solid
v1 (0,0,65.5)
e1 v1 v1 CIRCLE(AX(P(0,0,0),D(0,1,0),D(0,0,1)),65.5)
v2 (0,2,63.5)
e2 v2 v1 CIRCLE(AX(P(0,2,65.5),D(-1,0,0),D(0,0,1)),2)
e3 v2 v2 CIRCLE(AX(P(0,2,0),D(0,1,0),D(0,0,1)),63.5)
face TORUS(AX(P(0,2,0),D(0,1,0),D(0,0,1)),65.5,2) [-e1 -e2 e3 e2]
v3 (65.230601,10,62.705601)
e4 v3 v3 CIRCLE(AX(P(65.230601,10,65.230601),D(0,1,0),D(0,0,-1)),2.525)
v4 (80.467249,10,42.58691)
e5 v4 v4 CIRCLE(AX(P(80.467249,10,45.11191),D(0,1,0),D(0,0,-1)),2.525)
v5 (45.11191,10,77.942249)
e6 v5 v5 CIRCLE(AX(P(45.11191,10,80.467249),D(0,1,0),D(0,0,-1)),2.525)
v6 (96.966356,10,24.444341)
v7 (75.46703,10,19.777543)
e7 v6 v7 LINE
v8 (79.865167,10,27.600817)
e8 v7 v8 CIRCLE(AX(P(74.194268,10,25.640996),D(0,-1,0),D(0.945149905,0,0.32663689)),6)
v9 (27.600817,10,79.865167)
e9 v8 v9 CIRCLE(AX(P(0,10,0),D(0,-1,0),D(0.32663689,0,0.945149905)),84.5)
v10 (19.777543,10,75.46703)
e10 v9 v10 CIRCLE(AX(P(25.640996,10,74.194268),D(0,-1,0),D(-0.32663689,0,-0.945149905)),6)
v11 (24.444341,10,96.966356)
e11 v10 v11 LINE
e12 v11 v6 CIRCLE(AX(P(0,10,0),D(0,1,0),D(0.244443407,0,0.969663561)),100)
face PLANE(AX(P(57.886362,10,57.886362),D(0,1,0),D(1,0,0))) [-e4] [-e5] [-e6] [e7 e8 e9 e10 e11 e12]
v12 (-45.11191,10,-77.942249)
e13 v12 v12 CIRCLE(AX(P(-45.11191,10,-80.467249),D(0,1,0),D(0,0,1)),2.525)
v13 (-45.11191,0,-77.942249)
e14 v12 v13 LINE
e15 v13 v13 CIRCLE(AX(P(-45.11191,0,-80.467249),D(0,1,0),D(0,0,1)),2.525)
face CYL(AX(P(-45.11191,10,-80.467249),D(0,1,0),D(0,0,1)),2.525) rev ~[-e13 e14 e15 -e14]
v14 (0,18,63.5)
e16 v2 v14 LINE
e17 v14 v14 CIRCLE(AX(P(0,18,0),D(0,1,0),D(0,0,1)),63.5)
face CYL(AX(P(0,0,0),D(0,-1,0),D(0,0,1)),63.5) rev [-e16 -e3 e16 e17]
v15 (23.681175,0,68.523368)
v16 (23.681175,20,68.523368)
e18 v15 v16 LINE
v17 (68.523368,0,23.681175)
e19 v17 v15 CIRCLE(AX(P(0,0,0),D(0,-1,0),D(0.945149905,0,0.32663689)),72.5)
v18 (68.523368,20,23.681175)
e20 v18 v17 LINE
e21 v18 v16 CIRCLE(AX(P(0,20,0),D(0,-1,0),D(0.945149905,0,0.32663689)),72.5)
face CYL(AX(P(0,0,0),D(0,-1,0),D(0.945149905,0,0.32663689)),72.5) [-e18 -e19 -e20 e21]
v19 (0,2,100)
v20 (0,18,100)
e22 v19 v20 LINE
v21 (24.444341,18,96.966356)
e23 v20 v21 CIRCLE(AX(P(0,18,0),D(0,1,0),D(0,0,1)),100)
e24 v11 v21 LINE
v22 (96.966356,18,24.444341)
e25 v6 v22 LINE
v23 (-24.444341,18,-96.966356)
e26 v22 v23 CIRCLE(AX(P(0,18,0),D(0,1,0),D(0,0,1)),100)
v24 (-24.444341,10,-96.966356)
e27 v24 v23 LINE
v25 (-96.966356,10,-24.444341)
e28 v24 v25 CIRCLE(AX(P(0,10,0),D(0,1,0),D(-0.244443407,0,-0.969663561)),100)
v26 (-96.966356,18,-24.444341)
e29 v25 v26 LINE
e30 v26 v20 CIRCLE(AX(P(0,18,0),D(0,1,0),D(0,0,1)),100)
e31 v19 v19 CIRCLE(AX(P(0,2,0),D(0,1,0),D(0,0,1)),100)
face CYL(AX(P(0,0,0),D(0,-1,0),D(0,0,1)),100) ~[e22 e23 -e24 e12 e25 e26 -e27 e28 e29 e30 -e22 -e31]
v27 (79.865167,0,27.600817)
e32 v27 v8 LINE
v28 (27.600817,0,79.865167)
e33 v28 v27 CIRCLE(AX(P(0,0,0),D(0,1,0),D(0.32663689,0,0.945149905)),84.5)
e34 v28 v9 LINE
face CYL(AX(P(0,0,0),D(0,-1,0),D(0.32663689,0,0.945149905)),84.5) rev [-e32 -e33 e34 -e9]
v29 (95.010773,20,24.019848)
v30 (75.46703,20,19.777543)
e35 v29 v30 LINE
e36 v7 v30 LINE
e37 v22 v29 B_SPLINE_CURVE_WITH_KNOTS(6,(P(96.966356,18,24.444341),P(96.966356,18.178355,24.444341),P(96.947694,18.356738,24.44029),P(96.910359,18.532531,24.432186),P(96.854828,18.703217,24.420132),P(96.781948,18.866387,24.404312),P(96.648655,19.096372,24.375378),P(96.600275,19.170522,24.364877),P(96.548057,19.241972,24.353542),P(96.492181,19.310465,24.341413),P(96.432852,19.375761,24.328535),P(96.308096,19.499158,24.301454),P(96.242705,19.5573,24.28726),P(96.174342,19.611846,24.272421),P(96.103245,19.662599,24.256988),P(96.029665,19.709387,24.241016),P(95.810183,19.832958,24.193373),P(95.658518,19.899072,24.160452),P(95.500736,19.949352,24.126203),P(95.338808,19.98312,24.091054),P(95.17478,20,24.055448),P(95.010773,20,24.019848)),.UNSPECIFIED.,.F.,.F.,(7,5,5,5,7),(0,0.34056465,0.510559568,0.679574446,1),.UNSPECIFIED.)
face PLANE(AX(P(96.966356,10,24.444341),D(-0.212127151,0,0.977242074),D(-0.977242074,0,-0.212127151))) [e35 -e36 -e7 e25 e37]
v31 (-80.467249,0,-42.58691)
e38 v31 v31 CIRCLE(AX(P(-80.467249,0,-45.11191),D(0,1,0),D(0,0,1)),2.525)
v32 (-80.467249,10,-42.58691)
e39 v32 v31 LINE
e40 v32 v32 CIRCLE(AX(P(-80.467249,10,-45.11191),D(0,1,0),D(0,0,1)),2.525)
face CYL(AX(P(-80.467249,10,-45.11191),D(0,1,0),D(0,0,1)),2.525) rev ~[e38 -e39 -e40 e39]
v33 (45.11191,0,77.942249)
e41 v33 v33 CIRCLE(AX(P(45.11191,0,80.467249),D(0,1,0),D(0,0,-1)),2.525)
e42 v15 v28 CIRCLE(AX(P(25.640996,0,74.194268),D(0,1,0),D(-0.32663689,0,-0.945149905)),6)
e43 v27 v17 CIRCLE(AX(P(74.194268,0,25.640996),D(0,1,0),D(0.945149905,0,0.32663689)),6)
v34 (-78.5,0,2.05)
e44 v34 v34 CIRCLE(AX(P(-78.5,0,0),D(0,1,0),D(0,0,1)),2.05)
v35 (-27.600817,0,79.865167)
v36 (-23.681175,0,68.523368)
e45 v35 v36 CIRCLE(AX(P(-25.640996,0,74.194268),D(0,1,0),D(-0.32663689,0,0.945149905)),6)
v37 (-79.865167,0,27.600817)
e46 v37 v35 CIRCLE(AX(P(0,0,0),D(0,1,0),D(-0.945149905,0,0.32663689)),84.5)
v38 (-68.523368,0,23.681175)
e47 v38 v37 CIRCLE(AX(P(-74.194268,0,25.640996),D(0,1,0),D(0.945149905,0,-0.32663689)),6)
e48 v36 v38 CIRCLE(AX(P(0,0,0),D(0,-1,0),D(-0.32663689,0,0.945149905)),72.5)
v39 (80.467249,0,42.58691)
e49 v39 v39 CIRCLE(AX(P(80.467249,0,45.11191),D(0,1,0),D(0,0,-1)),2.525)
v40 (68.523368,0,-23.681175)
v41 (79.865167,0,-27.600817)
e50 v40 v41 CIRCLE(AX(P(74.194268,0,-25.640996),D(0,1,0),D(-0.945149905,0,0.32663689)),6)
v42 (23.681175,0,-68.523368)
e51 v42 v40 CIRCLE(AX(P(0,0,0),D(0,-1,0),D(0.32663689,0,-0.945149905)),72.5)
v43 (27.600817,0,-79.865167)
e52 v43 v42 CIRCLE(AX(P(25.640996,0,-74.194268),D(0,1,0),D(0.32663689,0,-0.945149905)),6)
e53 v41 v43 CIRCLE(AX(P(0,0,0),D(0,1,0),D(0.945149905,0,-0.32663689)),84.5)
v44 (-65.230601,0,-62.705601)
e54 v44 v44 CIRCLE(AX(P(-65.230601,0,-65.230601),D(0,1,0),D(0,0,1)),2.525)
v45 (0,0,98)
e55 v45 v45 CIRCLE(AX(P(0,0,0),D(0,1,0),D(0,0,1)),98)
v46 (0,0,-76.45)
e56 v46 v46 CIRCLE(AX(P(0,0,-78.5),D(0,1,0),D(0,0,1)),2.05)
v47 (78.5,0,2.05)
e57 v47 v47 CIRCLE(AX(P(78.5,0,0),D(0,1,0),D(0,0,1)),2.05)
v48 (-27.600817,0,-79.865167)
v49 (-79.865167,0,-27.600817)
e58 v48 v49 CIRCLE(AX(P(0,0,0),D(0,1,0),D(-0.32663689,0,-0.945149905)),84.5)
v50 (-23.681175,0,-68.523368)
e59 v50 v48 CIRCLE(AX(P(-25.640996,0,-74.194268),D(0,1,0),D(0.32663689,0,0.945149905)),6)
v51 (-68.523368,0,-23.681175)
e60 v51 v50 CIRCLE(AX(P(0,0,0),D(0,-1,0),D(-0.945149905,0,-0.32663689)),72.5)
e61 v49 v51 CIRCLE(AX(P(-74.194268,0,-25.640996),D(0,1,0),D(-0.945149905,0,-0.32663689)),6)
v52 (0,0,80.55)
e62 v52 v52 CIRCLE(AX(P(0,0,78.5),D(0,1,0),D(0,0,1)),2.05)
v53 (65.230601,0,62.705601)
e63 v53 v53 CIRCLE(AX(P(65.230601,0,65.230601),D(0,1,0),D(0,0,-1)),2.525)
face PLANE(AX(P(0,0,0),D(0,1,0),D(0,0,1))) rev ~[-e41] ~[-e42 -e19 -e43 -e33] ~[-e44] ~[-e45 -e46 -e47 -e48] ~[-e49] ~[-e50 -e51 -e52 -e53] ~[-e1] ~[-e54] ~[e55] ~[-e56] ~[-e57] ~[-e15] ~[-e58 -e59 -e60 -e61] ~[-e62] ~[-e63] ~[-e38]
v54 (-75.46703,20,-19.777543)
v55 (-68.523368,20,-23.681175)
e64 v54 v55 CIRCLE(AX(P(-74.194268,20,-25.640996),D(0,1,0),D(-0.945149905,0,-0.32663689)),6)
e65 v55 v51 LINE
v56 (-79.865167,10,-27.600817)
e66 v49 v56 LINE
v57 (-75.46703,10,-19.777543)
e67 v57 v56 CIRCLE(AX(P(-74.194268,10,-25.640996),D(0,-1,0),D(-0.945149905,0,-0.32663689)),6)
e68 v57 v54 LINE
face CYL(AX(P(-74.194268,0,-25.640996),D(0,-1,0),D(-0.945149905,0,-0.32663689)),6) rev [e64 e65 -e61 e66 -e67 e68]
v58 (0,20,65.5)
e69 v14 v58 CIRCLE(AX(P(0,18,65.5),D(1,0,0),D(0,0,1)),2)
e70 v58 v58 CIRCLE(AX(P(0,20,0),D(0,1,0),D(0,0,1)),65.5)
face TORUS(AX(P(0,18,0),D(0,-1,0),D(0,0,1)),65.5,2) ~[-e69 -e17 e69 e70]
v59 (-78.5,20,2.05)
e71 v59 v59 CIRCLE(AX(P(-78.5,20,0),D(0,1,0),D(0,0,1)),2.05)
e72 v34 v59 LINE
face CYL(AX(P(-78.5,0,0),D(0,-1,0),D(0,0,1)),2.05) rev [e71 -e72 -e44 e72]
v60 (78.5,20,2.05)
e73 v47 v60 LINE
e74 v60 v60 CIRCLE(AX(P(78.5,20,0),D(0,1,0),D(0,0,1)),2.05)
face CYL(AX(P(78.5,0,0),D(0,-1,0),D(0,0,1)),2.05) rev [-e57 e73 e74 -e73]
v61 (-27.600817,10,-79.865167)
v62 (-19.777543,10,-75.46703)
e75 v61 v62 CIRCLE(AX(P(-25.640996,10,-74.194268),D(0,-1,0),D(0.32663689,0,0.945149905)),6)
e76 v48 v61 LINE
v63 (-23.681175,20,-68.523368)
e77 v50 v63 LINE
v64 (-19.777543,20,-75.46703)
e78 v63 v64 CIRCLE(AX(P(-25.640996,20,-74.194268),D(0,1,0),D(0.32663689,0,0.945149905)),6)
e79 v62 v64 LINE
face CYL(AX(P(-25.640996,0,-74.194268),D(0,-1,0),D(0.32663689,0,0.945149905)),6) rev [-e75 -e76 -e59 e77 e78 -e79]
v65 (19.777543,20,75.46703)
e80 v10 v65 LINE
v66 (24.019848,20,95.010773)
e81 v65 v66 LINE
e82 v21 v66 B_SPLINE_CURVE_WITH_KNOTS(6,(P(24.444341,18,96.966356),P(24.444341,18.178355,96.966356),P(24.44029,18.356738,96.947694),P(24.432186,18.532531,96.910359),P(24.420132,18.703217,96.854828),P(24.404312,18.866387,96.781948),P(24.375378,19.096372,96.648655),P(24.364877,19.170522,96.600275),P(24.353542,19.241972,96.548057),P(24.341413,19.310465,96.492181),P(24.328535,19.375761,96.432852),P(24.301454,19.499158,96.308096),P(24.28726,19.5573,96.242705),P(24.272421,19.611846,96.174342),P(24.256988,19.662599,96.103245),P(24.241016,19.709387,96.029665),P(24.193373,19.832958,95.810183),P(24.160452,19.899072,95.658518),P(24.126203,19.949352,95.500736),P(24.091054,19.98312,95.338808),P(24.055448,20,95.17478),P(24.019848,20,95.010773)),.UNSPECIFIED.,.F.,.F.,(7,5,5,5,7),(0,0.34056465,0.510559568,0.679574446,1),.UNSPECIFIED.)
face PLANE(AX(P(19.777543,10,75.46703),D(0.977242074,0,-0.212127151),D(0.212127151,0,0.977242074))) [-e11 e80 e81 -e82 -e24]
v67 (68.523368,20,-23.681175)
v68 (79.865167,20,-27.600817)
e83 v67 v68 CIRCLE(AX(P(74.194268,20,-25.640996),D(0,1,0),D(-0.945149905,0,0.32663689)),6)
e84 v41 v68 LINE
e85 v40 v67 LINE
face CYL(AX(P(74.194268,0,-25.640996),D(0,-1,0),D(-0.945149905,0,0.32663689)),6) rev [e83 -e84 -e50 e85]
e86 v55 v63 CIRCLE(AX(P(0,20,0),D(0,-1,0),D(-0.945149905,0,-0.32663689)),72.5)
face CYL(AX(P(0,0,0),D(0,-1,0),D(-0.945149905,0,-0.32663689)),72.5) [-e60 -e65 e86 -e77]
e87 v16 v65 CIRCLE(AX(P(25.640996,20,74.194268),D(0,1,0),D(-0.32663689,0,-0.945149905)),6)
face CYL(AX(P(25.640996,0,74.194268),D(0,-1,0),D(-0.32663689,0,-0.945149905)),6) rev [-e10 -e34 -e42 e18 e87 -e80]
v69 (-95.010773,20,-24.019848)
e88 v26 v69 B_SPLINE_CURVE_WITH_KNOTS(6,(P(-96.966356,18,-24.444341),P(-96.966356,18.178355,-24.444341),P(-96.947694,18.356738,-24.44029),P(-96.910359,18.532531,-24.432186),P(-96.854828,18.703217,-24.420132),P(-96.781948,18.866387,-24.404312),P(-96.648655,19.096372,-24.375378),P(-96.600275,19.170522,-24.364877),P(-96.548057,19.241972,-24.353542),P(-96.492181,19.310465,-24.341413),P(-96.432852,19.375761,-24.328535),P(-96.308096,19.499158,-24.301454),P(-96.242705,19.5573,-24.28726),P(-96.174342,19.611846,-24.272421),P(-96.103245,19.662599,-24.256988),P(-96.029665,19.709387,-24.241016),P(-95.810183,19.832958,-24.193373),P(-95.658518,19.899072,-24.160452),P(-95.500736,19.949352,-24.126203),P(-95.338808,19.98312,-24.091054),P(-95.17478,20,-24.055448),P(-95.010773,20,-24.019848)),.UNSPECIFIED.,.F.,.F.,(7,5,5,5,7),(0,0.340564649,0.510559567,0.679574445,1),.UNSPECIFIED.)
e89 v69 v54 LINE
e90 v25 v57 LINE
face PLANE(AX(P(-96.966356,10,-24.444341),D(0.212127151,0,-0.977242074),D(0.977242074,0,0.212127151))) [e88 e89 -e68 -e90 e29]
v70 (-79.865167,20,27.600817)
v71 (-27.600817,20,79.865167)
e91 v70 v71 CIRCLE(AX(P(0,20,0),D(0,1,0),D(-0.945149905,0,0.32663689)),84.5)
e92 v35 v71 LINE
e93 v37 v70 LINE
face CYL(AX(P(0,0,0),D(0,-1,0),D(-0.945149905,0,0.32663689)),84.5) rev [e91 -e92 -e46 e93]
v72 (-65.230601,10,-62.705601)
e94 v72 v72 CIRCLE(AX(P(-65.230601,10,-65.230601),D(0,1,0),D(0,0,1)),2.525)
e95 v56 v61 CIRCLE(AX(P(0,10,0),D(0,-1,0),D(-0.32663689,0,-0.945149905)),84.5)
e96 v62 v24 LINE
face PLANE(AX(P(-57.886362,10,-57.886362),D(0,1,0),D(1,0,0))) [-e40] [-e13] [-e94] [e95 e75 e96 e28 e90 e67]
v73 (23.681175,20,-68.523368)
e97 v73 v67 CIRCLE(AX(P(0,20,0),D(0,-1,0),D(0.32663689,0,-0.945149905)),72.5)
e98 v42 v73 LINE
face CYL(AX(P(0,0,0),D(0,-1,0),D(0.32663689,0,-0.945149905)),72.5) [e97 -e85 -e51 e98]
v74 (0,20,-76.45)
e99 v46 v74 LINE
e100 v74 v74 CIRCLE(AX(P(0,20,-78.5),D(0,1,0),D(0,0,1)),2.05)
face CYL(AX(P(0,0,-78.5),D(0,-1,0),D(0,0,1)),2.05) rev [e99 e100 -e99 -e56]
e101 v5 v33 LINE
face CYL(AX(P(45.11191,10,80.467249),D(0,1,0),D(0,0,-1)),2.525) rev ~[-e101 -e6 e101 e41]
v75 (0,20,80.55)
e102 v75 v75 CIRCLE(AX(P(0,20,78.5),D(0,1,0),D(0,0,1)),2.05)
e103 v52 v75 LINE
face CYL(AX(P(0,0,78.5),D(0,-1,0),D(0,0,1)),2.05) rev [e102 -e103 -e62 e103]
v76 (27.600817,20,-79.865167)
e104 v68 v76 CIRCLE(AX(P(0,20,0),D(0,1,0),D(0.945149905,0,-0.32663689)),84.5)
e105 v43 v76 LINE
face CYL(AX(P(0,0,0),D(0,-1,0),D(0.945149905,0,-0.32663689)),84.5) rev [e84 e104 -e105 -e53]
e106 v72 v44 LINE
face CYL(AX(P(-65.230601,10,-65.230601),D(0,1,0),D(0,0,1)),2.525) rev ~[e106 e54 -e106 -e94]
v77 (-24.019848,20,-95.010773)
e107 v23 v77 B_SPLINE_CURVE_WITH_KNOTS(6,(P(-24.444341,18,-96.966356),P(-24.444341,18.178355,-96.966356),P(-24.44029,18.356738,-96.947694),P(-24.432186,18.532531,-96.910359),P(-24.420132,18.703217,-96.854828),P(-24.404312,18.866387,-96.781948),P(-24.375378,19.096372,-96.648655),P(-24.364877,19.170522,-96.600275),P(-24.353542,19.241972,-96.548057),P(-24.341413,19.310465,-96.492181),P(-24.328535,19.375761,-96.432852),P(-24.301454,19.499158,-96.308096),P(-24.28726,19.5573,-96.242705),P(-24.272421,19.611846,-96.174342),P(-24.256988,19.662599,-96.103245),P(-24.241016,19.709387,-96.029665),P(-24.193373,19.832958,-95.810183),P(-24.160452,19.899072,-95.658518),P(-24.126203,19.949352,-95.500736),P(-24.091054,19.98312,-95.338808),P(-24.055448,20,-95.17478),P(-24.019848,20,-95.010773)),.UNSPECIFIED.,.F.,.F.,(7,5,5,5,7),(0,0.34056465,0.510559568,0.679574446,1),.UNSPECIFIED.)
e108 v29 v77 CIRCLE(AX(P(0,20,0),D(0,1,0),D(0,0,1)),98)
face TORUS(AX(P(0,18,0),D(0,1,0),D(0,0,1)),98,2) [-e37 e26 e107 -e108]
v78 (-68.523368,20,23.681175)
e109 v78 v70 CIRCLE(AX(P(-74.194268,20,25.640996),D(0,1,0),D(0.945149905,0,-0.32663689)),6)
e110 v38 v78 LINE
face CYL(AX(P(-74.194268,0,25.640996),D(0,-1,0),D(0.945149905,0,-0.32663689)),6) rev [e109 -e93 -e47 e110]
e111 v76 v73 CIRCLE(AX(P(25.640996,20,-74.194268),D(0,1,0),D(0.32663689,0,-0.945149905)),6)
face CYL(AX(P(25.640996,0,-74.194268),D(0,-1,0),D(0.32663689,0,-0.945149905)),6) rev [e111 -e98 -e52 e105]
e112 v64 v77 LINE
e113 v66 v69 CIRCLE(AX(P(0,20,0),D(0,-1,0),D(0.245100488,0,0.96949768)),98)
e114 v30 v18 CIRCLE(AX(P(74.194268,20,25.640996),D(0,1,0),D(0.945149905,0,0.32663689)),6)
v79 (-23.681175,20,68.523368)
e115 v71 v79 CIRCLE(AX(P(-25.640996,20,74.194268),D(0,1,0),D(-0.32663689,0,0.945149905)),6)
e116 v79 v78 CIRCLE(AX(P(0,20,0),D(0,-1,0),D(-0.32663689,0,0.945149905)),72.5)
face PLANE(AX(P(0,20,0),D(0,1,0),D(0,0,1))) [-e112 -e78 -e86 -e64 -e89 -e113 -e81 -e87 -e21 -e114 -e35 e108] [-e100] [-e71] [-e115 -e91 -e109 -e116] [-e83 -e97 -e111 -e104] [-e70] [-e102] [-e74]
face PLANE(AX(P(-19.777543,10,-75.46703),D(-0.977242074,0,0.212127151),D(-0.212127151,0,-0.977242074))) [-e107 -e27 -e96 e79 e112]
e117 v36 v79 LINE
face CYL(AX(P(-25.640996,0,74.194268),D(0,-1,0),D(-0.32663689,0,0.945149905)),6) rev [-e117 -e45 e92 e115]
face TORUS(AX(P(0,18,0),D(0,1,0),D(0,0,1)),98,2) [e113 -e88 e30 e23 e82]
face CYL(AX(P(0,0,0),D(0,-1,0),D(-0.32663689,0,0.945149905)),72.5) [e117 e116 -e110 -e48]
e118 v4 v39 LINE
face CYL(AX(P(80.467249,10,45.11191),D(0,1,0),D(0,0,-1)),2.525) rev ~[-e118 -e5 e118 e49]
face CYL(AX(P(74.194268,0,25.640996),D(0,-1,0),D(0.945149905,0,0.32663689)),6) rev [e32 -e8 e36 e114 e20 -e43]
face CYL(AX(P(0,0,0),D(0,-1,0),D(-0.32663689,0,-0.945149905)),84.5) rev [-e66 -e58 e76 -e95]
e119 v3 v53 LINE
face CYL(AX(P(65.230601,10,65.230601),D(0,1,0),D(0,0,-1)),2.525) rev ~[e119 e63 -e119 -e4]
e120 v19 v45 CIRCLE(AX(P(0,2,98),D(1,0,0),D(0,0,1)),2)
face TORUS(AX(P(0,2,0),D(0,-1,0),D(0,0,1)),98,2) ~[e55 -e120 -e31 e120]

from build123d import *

# Parameters (mm, degrees)
SKETCH1_R           = 100
SKETCH1_R_2         = 2.05
SKETCH1_R_3         = 63.5
BOSS_EXTRUDE1_DEPTH = 20
FILLET1_R           = 2
CUT_EXTRUDE1_START  = -10
CUT_EXTRUDE1_DEPTH  = 10
SKETCH3_R           = 2.525
CUT_EXTRUDE2_DEPTH  = 10


with BuildPart() as part:
    # Sketch1 → Boss-Extrude1 (new body)
    with BuildSketch(Plane(origin=(0, 0, 0), x_dir=(1, 0, 0), z_dir=(0, 1, 0))):
        with Locations(Location((0, 0, 0), (0, 0, 270))):
            Circle(SKETCH1_R)
        with Locations(Location((-78.5, 0, 0), (0, 0, 270))):
            Circle(SKETCH1_R_2, mode=Mode.SUBTRACT)
        with Locations(Location((0, 78.5, 0), (0, 0, 270))):
            Circle(SKETCH1_R_2, mode=Mode.SUBTRACT)
        with Locations(Location((78.5, 0, 0), (0, 0, 270))):
            Circle(SKETCH1_R_2, mode=Mode.SUBTRACT)
        with Locations(Location((0, -78.5, 0), (0, 0, 270))):
            Circle(SKETCH1_R_2, mode=Mode.SUBTRACT)
        with Locations(Location((0, 0, 0), (0, 0, 270))):
            Circle(SKETCH1_R_3, mode=Mode.SUBTRACT)
        with BuildLine():
            ThreePointArc((-27.60081718, 79.865166944), (-59.75052301, 59.75052301), (-79.865166944, 27.60081718))
            ThreePointArc((-79.865166944, 27.60081718), (-76.154088854, 19.970096414), (-68.523368088, 23.681174504))
            ThreePointArc((-68.523368088, 23.681174504), (-51.265241636, 51.265241636), (-23.681174504, 68.523368088))
            ThreePointArc((-23.681174504, 68.523368088), (-19.970096414, 76.154088854), (-27.60081718, 79.865166944))
        make_face(mode=Mode.SUBTRACT)
        with BuildLine():
            ThreePointArc((79.865166944, 27.60081718), (59.75052301, 59.75052301), (27.60081718, 79.865166944))
            ThreePointArc((27.60081718, 79.865166944), (19.970096414, 76.154088854), (23.681174504, 68.523368088))
            ThreePointArc((23.681174504, 68.523368088), (51.265241636, 51.265241636), (68.523368088, 23.681174504))
            ThreePointArc((68.523368088, 23.681174504), (76.154088854, 19.970096414), (79.865166944, 27.60081718))
        make_face(mode=Mode.SUBTRACT)
        with BuildLine():
            ThreePointArc((27.60081718, -79.865166944), (59.75052301, -59.75052301), (79.865166944, -27.60081718))
            ThreePointArc((79.865166944, -27.60081718), (76.154088854, -19.970096414), (68.523368088, -23.681174504))
            ThreePointArc((68.523368088, -23.681174504), (51.265241636, -51.265241636), (23.681174504, -68.523368088))
            ThreePointArc((23.681174504, -68.523368088), (19.970096414, -76.154088854), (27.60081718, -79.865166944))
        make_face(mode=Mode.SUBTRACT)
        with BuildLine():
            ThreePointArc((-79.865166944, -27.60081718), (-59.75052301, -59.75052301), (-27.60081718, -79.865166944))
            ThreePointArc((-27.60081718, -79.865166944), (-19.970096414, -76.154088854), (-23.681174504, -68.523368088))
            ThreePointArc((-23.681174504, -68.523368088), (-51.265241636, -51.265241636), (-68.523368088, -23.681174504))
            ThreePointArc((-68.523368088, -23.681174504), (-76.154088854, -19.970096414), (-79.865166944, -27.60081718))
        make_face(mode=Mode.SUBTRACT)
    extrude(amount=BOSS_EXTRUDE1_DEPTH)

    # Fillet1
    fillet1_edges = [part.edges().sort_by_distance(p)[0] for p in [
        (0, 0, -100),
        (0, 20, -100),
        (0, 0, -63.5),
        (0, 20, -63.5),
    ]]
    fillet(fillet1_edges, radius=FILLET1_R)

    # Sketch2 → Cut-Extrude1 (cut)
    with BuildSketch(Plane(origin=(0, 20, 0), x_dir=(1, 0, 0), z_dir=(0, 1, 0)).offset(CUT_EXTRUDE1_START)):
        with BuildLine():
            Line((-19.777543396, 75.467030422), (-24.444340717, 96.966356057))
            ThreePointArc((-24.444340717, 96.966356057), (-70.710678119, 70.710678119), (-96.966356057, 24.444340717))
            Line((-96.966356057, 24.444340717), (-75.467030422, 19.777543396))
            ThreePointArc((-75.467030422, 19.777543396), (-71.253946926, 20.410841463), (-68.523368088, 23.681174504))
            ThreePointArc((-68.523368088, 23.681174504), (-51.265241636, 51.265241636), (-23.681174504, 68.523368088))
            ThreePointArc((-23.681174504, 68.523368088), (-20.410841463, 71.253946926), (-19.777543396, 75.467030422))
        make_face()
        with BuildLine():
            Line((19.777543396, -75.467030422), (24.444340717, -96.966356057))
            ThreePointArc((24.444340717, -96.966356057), (70.710678119, -70.710678119), (96.966356057, -24.444340717))
            Line((96.966356057, -24.444340717), (75.467030422, -19.777543396))
            ThreePointArc((75.467030422, -19.777543396), (71.253946926, -20.410841463), (68.523368088, -23.681174504))
            ThreePointArc((68.523368088, -23.681174504), (51.265241636, -51.265241636), (23.681174504, -68.523368088))
            ThreePointArc((23.681174504, -68.523368088), (20.410841463, -71.253946926), (19.777543396, -75.467030422))
        make_face()
    extrude(amount=CUT_EXTRUDE1_DEPTH, mode=Mode.SUBTRACT)

    # Sketch3 → Cut-Extrude2 (cut)
    with BuildSketch(Plane(origin=(0, 10, 0), x_dir=(1, 0, 0), z_dir=(0, 1, 0))):
        with Locations(Location((-45.111909622, 80.467248681, 0), (0, 0, 270))):
            Circle(SKETCH3_R)
        with Locations(Location((-65.230600564, 65.230600564, 0), (0, 0, 270))):
            Circle(SKETCH3_R)
        with Locations(Location((-80.467248681, 45.111909622, 0), (0, 0, 270))):
            Circle(SKETCH3_R)
        with Locations(Location((45.111909622, -80.467248681, 0), (0, 0, 90))):
            Circle(SKETCH3_R)
        with Locations(Location((65.230600564, -65.230600564, 0), (0, 0, 90))):
            Circle(SKETCH3_R)
        with Locations(Location((80.467248681, -45.111909622, 0), (0, 0, 90))):
            Circle(SKETCH3_R)
    extrude(amount=-CUT_EXTRUDE2_DEPTH, mode=Mode.SUBTRACT)


solid = part.part
